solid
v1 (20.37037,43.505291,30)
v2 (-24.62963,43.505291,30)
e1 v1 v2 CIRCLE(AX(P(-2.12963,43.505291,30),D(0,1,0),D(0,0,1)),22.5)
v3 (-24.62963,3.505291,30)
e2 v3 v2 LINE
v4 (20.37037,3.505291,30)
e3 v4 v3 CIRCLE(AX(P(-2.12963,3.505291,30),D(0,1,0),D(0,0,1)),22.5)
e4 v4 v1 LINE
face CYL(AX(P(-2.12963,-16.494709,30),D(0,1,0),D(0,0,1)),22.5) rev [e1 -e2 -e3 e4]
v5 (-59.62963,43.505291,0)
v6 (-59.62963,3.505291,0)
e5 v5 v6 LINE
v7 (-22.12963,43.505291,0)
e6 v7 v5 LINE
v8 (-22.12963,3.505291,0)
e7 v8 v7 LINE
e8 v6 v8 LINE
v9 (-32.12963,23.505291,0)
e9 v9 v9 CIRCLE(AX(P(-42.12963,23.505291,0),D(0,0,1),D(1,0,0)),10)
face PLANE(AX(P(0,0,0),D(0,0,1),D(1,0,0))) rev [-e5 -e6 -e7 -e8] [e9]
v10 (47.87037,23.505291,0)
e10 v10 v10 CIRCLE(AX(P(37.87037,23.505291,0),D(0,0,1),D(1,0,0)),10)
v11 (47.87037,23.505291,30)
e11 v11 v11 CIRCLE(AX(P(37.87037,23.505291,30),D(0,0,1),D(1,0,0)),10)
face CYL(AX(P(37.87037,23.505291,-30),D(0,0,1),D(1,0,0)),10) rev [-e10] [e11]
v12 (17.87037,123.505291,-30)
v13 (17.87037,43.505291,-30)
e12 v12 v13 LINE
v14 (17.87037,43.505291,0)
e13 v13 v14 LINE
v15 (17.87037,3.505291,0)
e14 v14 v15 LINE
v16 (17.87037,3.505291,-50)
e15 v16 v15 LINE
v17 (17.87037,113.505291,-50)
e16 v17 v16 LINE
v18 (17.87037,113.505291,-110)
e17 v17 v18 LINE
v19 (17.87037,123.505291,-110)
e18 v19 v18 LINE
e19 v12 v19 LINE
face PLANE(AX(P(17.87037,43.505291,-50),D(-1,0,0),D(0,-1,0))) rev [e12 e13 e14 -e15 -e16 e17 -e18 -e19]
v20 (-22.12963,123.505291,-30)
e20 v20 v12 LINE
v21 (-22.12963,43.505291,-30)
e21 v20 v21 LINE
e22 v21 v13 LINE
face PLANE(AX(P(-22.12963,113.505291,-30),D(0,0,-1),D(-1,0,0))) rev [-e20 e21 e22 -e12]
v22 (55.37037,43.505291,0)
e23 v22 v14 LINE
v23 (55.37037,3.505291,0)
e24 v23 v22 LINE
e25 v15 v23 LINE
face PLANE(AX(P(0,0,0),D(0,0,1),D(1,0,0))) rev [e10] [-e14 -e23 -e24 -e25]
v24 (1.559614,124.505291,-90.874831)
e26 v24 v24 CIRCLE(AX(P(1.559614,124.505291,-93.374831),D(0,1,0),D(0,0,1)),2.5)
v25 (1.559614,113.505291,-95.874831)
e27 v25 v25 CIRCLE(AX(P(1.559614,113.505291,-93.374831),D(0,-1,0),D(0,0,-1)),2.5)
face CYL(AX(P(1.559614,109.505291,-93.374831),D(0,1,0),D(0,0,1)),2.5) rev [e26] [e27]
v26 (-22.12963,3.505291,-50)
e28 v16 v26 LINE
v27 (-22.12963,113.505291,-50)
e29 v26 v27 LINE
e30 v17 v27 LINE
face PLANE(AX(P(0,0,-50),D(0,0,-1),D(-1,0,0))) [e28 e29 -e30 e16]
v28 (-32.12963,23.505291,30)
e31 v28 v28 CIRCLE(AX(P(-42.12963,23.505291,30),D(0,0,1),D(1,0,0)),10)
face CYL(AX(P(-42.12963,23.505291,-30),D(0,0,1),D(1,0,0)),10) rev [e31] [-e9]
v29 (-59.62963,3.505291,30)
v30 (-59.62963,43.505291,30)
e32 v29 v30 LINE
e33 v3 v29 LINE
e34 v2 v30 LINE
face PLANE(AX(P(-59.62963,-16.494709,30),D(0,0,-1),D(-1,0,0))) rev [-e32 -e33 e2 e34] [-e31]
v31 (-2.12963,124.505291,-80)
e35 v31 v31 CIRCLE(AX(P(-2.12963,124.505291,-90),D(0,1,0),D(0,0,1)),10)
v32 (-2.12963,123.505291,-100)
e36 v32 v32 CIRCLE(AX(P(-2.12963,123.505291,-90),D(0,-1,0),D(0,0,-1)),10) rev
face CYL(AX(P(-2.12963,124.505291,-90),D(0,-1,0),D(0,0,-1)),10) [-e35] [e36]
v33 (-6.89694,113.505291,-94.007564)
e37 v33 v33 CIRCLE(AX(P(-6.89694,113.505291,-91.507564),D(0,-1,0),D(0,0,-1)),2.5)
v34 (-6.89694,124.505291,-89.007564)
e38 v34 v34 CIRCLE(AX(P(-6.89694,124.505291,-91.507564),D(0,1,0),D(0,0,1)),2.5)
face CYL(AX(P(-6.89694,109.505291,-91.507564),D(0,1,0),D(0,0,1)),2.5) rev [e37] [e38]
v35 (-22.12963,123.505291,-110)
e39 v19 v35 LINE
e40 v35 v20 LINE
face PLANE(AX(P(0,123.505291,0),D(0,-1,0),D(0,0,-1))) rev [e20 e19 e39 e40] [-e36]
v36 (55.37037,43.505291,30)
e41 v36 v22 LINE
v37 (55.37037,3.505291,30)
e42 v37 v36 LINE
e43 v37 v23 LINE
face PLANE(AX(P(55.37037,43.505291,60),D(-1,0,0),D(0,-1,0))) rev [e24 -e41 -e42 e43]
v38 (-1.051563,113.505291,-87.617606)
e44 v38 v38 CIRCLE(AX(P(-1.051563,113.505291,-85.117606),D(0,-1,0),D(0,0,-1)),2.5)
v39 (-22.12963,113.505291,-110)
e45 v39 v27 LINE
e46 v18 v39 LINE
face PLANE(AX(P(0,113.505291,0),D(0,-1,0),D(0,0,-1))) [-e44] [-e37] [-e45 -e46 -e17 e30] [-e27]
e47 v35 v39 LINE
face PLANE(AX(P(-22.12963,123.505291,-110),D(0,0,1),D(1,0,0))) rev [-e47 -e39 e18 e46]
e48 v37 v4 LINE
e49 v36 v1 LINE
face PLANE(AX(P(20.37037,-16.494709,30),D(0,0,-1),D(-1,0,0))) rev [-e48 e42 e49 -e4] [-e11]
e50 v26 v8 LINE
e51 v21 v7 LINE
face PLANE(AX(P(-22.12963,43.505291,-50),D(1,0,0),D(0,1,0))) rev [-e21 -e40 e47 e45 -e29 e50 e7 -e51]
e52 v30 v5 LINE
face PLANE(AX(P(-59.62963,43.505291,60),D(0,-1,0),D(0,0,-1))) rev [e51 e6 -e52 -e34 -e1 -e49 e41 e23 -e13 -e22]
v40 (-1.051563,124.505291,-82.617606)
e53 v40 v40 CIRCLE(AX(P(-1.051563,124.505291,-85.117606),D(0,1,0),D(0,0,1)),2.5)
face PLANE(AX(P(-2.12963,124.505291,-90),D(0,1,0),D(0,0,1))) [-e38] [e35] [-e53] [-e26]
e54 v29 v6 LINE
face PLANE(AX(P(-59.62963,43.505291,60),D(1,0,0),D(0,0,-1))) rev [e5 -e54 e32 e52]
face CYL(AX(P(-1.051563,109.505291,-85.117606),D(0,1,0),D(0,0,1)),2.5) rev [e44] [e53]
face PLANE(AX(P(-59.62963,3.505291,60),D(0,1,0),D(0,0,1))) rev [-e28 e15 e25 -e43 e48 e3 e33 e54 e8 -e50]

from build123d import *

# Parameters (mm, degrees)
SKETCH2_W           = 115
SKETCH2_H           = 40
BOSS_EXTRUDE1_DEPTH = 60
CUT_EXTRUDE1_DEPTH  = 60
SKETCH4_R           = 10
CUT_EXTRUDE2_DEPTH  = 60
SKETCH5_W           = 40
SKETCH5_H           = 40
BOSS_EXTRUDE2_DEPTH = 50
SKETCH6_W           = 40
SKETCH6_H           = 20
BOSS_EXTRUDE3_DEPTH = 70
SKETCH7_W           = 40
SKETCH7_H           = 80
BOSS_EXTRUDE4_DEPTH = 10
SKETCH9_R           = 10
BOSS_EXTRUDE5_DEPTH = 1
SKETCH10_R          = 2.5
CUT_EXTRUDE3_DEPTH  = 15


with BuildPart() as part:
    # Sketch2 → Boss-Extrude1 (new body)
    with BuildSketch(Plane.XY):
        with Locations((-2.12962963, 23.505291005)):
            Rectangle(SKETCH2_W, SKETCH2_H)
    extrude(amount=BOSS_EXTRUDE1_DEPTH)

    # Sketch3 → Cut-Extrude1 (cut)
    with BuildSketch(Plane(origin=(0, 43.505291005, 0), x_dir=(1, 0, 0), z_dir=(0, 1, 0))):
        with BuildLine():
            Line((-59.62962963, -30), (-24.62962963, -30))
            ThreePointArc((-24.62962963, -30), (-2.12962963, -7.5), (20.37037037, -30))
            Line((20.37037037, -30), (55.37037037, -30))
            Line((55.37037037, -30), (55.37037037, -60))
            Line((55.37037037, -60), (-59.62962963, -60))
            Line((-59.62962963, -60), (-59.62962963, -30))
        make_face()
    extrude(amount=-CUT_EXTRUDE1_DEPTH, mode=Mode.SUBTRACT)

    # Sketch4 → Cut-Extrude2 (cut)
    with BuildSketch(Plane.XY.offset(30)):
        with Locations((-42.12962963, 23.505291005)):
            Circle(SKETCH4_R)
        with Locations((37.87037037, 23.505291005)):
            Circle(SKETCH4_R)
    extrude(amount=-CUT_EXTRUDE2_DEPTH, mode=Mode.SUBTRACT)

    # Sketch5 → Boss-Extrude2 (add)
    with BuildSketch(Plane(origin=(0, 0, 0), x_dir=(-1, 0, 0), z_dir=(0, 0, -1))):
        with Locations((2.12962963, 23.505291005)):
            Rectangle(SKETCH5_W, SKETCH5_H)
    extrude(amount=BOSS_EXTRUDE2_DEPTH)

    # Sketch6 → Boss-Extrude3 (add)
    with BuildSketch(Plane(origin=(0, 43.505291005, 0), x_dir=(1, 0, 0), z_dir=(0, 1, 0))):
        with Locations((-2.12962963, 40)):
            Rectangle(SKETCH6_W, SKETCH6_H)
    extrude(amount=BOSS_EXTRUDE3_DEPTH)

    # Sketch7 → Boss-Extrude4 (add)
    with BuildSketch(Plane(origin=(0, 113.505291005, 0), x_dir=(1, 0, 0), z_dir=(0, 1, 0))):
        with Locations((-2.12962963, 70)):
            Rectangle(SKETCH7_W, SKETCH7_H)
    extrude(amount=BOSS_EXTRUDE4_DEPTH)

    # Sketch9 → Boss-Extrude5 (add)
    with BuildSketch(Plane(origin=(0, 123.505291005, 0), x_dir=(1, 0, 0), z_dir=(0, 1, 0))):
        with Locations(Location((-2.12962963, 90, 0), (0, 0, 90))):
            Circle(SKETCH9_R)
    extrude(amount=BOSS_EXTRUDE5_DEPTH)

    # Sketch10 → Cut-Extrude3 (cut)
    with BuildSketch(Plane(origin=(0, 124.505291005, 0), x_dir=(1, 0, 0), z_dir=(0, 1, 0))):
        with Locations(Location((-6.896940429, 91.507563511, 0), (0, 0, 270))):
            Circle(SKETCH10_R)
        with Locations(Location((1.559614069, 93.374830505, 0), (0, 0, 270))):
            Circle(SKETCH10_R)
        with Locations(Location((-1.051562528, 85.117605984, 0), (0, 0, 270))):
            Circle(SKETCH10_R)
    extrude(amount=-CUT_EXTRUDE3_DEPTH, mode=Mode.SUBTRACT)


solid = part.part
